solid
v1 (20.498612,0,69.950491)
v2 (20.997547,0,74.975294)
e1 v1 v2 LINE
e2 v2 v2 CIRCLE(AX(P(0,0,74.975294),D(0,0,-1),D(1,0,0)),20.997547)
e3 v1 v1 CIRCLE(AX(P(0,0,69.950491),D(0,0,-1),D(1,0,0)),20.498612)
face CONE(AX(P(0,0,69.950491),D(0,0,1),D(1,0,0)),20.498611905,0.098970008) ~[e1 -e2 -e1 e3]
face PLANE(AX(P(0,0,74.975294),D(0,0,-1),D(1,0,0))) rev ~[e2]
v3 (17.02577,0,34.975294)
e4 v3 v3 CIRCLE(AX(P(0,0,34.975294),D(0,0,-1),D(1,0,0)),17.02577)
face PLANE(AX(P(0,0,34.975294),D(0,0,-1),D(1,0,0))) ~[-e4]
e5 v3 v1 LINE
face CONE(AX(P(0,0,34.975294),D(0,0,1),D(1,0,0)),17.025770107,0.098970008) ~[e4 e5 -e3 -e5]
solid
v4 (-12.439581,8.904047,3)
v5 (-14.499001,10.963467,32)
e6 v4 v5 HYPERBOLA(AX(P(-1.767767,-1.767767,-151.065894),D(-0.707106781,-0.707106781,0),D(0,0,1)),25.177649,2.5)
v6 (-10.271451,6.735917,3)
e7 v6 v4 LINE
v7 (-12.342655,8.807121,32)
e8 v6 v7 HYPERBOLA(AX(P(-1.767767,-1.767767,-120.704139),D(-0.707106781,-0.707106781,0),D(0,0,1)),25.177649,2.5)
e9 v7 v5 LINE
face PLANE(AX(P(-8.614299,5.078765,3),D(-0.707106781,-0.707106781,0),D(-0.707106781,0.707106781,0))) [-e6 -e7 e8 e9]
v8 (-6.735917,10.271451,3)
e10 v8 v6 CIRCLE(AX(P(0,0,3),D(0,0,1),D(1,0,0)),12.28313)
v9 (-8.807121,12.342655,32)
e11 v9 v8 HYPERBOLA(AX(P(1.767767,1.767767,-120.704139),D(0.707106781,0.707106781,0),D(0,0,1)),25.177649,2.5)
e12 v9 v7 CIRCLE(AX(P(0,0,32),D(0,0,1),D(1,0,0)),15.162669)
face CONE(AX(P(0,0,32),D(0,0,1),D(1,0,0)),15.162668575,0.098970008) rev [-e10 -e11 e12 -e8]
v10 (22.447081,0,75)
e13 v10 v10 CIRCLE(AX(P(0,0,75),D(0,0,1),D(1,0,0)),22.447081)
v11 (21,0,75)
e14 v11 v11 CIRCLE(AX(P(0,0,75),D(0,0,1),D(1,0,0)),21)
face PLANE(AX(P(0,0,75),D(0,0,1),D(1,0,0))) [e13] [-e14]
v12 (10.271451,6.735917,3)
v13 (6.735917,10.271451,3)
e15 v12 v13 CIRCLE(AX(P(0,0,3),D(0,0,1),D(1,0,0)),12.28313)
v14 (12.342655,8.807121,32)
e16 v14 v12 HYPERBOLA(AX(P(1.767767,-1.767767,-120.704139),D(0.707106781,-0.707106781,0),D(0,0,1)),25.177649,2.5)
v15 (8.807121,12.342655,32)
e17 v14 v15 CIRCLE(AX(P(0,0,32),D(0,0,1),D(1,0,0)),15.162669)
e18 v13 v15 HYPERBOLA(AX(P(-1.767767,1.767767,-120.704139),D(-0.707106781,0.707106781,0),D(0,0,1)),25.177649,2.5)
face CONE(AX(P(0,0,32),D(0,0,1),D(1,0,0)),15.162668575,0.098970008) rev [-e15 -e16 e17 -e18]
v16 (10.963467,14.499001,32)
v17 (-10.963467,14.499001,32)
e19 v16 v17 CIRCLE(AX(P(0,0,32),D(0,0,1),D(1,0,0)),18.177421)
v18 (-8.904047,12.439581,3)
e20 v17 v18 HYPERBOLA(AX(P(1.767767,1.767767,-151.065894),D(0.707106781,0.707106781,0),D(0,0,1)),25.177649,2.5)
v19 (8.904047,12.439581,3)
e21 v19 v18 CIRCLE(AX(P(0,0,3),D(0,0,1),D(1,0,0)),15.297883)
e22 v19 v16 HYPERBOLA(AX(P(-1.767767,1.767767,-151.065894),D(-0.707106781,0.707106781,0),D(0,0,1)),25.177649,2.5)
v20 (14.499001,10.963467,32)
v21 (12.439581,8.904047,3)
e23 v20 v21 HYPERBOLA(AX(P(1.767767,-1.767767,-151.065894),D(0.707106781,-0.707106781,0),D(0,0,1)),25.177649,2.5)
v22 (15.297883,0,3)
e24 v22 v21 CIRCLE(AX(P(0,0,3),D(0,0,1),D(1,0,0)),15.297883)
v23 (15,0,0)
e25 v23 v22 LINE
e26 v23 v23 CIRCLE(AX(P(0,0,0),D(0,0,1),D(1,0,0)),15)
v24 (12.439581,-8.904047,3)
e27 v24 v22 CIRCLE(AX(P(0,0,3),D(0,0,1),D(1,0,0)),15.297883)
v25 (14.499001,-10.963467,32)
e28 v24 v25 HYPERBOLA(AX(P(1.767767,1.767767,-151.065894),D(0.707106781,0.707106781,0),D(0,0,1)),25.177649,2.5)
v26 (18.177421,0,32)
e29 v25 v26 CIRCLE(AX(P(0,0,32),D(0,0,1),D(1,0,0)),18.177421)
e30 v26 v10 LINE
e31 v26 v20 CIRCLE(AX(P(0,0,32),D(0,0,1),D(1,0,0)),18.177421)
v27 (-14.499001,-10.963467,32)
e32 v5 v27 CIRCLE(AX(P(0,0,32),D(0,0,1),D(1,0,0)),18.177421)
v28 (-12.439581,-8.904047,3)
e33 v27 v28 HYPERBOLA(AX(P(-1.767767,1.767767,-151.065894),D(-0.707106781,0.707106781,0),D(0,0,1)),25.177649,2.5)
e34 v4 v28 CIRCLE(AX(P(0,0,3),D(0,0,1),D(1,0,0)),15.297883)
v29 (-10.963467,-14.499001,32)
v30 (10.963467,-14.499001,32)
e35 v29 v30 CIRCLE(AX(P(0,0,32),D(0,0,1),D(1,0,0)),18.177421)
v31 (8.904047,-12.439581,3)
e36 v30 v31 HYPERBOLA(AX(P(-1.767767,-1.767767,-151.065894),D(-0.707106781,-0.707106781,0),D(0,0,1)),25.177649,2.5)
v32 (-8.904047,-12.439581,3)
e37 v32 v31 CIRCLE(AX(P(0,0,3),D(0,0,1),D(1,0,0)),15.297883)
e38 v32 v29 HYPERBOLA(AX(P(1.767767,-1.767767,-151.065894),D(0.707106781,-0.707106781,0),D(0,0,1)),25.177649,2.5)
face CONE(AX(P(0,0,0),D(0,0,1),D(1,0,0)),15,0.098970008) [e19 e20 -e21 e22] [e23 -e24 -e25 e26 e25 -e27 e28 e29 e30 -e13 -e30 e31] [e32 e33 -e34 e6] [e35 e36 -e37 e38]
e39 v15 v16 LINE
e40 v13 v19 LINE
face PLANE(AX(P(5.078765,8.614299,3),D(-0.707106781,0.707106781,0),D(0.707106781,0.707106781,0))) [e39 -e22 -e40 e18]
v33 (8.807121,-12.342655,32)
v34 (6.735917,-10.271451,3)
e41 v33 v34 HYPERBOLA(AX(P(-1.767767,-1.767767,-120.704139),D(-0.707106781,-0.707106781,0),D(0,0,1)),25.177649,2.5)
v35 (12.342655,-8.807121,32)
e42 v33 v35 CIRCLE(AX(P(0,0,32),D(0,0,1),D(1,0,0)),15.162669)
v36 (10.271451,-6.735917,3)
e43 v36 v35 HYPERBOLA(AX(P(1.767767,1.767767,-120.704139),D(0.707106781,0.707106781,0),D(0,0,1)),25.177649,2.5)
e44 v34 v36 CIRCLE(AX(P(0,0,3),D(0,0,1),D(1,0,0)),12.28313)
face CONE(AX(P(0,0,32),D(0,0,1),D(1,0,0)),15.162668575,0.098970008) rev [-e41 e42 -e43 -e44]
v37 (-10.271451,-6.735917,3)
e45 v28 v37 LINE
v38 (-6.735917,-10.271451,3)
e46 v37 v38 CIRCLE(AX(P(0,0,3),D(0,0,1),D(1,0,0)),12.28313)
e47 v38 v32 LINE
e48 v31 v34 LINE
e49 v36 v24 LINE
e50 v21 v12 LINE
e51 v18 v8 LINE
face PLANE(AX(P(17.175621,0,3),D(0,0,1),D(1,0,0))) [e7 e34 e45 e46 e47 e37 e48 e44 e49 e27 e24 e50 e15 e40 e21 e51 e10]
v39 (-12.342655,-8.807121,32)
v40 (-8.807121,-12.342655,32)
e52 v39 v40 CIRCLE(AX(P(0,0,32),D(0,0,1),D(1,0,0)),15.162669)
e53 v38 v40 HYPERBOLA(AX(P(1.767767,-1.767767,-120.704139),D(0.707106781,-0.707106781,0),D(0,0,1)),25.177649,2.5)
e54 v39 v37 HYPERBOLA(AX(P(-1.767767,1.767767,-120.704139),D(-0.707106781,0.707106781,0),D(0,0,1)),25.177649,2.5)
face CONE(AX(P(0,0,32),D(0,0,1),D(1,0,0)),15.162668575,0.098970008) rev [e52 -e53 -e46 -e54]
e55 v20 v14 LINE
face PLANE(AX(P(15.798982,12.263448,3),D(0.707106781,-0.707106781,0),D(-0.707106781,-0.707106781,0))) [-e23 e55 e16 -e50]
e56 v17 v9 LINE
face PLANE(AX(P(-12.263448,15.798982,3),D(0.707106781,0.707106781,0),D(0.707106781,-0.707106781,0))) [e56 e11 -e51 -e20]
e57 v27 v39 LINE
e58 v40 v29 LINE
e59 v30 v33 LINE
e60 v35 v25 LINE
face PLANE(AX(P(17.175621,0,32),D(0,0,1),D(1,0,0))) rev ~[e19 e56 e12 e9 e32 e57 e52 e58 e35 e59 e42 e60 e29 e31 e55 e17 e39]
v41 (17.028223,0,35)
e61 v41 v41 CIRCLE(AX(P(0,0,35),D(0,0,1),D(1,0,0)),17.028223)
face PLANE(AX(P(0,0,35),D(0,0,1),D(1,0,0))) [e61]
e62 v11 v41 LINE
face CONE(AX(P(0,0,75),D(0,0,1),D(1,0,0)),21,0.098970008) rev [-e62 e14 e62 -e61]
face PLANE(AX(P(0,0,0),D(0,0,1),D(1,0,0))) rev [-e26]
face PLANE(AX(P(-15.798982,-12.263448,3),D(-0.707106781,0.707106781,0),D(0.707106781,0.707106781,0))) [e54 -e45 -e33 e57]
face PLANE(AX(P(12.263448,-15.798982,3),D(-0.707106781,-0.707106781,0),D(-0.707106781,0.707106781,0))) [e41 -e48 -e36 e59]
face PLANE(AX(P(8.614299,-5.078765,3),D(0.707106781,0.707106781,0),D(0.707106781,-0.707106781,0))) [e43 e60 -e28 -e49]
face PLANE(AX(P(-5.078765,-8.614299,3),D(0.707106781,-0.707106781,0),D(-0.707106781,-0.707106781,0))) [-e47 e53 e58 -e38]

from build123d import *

# Parameters (mm, degrees)
F3_DEPTH = 29
F6_DEPTH = 2


with BuildPart() as f1:
    # F0 (on Front) → F1 (revolve)
    with BuildSketch(Plane.XZ):
        Polygon((0, 3), (0, 0), (15, 0), (22.447081343, 75), (21, 75), (17.0282232837, 35), (0, 35), (0, 32), (15.1626685751, 32), (12.2831304558, 3), align=None)
    revolve(axis=Axis((0, 0, 33.5), (0, 0, 1)))

    # F2 (on face) → F3 (cut)
    with BuildSketch(Plane.XY.offset(3)):
        with BuildLine():
            Line((12.2634482474, 15.7989821534), (15.6845353346, 19.2200692405))
            ThreePointArc((15.6845353346, 19.2200692405), (0, 24.8075736474), (-15.6845353346, 19.2200692405))
            Line((-15.6845353346, 19.2200692405), (-12.2634482474, 15.7989821534))
            Line((-12.2634482474, 15.7989821534), (-5.0787650158, 8.6142989218))
            ThreePointArc((-5.0787650158, 8.6142989218), (0, 10), (5.0787650158, 8.6142989218))
            Line((5.0787650158, 8.6142989218), (12.2634482474, 15.7989821534))
        make_face()
        with BuildLine():
            Line((19.2200692405, 15.6845353346), (15.7989821534, 12.2634482474))
            Line((15.7989821534, 12.2634482474), (8.6142989218, 5.0787650158))
            ThreePointArc((8.6142989218, 5.0787650158), (10, 0), (8.6142989218, -5.0787650158))
            Line((8.6142989218, -5.0787650158), (15.7989821534, -12.2634482474))
            Line((15.7989821534, -12.2634482474), (19.2200692405, -15.6845353346))
            ThreePointArc((19.2200692405, -15.6845353346), (24.8075736474, 0), (19.2200692405, 15.6845353346))
        make_face()
        with BuildLine():
            Line((-8.6142989218, 5.0787650158), (-15.7989821534, 12.2634482474))
            Line((-15.7989821534, 12.2634482474), (-19.2200692405, 15.6845353346))
            ThreePointArc((-19.2200692405, 15.6845353346), (-24.8075736474, 0), (-19.2200692405, -15.6845353346))
            Line((-19.2200692405, -15.6845353346), (-15.7989821534, -12.2634482474))
            Line((-15.7989821534, -12.2634482474), (-8.6142989218, -5.0787650158))
            ThreePointArc((-8.6142989218, -5.0787650158), (-10, 0), (-8.6142989218, 5.0787650158))
        make_face()
        with BuildLine():
            Line((15.6845353346, -19.2200692405), (12.2634482474, -15.7989821534))
            Line((12.2634482474, -15.7989821534), (5.0787650158, -8.6142989218))
            ThreePointArc((5.0787650158, -8.6142989218), (0, -10), (-5.0787650158, -8.6142989218))
            Line((-5.0787650158, -8.6142989218), (-12.2634482474, -15.7989821534))
            Line((-12.2634482474, -15.7989821534), (-15.6845353346, -19.2200692405))
            ThreePointArc((-15.6845353346, -19.2200692405), (0, -24.8075736474), (15.6845353346, -19.2200692405))
        make_face()
    extrude(amount=F3_DEPTH, mode=Mode.SUBTRACT)


with BuildPart() as f6:
    # F5 (on Front) → F6 (new body, symmetric)
    with BuildSketch(Plane.XZ):
        with BuildLine():
            Line((3, 33.25), (0, 33.25))
            Line((0, 33.25), (-3, 33.25))
            Line((-3, 33.25), (-3, 29.1189500386))
            ThreePointArc((-3, 29.1189500386), (-12, 17.5), (-3, 5.8810499614))
            Line((-3, 5.8810499614), (-3, 1.75))
            Line((-3, 1.75), (0, 1.75))
            Line((0, 1.75), (3, 1.75))
            Line((3, 1.75), (3, 5.8810499614))
            ThreePointArc((3, 5.8810499614), (12, 17.5), (3, 29.1189500386))
            Line((3, 29.1189500386), (3, 33.25))
        make_face()
    extrude(amount=F6_DEPTH, both=True)

    # F7 (on Front) → F8 (revolve, cut)
    with BuildSketch(Plane.XZ):
        Polygon((0, 33.25), (3, 33.25), (3, 29.1189500386), (5, 29.1189500386), (5, 34.3002825975), (0, 34.3002825975), align=None)
        Polygon((5, 0.6997174025), (5, 5.8810499614), (3, 5.8810499614), (3, 1.75), (0, 1.75), (0, 0.6997174025), align=None)
    revolve(axis=Axis((0, 0, 33.7751412988), (0, 0, 1)), mode=Mode.SUBTRACT)


with BuildPart() as f10:
    # F9 (on Front) → F10 (revolve)
    with BuildSketch(Plane.XZ):
        Polygon((20.4986119055, 69.9504906211), (20.9975468235, 74.9752939134), (0, 74.9752939134), (0, 34.9752939134), (17.0257701072, 34.9752939134), align=None)
    revolve(axis=Axis((0, 0, 54.9752939134), (0, 0, -1)))


solid = Compound([f1.part, f10.part])
